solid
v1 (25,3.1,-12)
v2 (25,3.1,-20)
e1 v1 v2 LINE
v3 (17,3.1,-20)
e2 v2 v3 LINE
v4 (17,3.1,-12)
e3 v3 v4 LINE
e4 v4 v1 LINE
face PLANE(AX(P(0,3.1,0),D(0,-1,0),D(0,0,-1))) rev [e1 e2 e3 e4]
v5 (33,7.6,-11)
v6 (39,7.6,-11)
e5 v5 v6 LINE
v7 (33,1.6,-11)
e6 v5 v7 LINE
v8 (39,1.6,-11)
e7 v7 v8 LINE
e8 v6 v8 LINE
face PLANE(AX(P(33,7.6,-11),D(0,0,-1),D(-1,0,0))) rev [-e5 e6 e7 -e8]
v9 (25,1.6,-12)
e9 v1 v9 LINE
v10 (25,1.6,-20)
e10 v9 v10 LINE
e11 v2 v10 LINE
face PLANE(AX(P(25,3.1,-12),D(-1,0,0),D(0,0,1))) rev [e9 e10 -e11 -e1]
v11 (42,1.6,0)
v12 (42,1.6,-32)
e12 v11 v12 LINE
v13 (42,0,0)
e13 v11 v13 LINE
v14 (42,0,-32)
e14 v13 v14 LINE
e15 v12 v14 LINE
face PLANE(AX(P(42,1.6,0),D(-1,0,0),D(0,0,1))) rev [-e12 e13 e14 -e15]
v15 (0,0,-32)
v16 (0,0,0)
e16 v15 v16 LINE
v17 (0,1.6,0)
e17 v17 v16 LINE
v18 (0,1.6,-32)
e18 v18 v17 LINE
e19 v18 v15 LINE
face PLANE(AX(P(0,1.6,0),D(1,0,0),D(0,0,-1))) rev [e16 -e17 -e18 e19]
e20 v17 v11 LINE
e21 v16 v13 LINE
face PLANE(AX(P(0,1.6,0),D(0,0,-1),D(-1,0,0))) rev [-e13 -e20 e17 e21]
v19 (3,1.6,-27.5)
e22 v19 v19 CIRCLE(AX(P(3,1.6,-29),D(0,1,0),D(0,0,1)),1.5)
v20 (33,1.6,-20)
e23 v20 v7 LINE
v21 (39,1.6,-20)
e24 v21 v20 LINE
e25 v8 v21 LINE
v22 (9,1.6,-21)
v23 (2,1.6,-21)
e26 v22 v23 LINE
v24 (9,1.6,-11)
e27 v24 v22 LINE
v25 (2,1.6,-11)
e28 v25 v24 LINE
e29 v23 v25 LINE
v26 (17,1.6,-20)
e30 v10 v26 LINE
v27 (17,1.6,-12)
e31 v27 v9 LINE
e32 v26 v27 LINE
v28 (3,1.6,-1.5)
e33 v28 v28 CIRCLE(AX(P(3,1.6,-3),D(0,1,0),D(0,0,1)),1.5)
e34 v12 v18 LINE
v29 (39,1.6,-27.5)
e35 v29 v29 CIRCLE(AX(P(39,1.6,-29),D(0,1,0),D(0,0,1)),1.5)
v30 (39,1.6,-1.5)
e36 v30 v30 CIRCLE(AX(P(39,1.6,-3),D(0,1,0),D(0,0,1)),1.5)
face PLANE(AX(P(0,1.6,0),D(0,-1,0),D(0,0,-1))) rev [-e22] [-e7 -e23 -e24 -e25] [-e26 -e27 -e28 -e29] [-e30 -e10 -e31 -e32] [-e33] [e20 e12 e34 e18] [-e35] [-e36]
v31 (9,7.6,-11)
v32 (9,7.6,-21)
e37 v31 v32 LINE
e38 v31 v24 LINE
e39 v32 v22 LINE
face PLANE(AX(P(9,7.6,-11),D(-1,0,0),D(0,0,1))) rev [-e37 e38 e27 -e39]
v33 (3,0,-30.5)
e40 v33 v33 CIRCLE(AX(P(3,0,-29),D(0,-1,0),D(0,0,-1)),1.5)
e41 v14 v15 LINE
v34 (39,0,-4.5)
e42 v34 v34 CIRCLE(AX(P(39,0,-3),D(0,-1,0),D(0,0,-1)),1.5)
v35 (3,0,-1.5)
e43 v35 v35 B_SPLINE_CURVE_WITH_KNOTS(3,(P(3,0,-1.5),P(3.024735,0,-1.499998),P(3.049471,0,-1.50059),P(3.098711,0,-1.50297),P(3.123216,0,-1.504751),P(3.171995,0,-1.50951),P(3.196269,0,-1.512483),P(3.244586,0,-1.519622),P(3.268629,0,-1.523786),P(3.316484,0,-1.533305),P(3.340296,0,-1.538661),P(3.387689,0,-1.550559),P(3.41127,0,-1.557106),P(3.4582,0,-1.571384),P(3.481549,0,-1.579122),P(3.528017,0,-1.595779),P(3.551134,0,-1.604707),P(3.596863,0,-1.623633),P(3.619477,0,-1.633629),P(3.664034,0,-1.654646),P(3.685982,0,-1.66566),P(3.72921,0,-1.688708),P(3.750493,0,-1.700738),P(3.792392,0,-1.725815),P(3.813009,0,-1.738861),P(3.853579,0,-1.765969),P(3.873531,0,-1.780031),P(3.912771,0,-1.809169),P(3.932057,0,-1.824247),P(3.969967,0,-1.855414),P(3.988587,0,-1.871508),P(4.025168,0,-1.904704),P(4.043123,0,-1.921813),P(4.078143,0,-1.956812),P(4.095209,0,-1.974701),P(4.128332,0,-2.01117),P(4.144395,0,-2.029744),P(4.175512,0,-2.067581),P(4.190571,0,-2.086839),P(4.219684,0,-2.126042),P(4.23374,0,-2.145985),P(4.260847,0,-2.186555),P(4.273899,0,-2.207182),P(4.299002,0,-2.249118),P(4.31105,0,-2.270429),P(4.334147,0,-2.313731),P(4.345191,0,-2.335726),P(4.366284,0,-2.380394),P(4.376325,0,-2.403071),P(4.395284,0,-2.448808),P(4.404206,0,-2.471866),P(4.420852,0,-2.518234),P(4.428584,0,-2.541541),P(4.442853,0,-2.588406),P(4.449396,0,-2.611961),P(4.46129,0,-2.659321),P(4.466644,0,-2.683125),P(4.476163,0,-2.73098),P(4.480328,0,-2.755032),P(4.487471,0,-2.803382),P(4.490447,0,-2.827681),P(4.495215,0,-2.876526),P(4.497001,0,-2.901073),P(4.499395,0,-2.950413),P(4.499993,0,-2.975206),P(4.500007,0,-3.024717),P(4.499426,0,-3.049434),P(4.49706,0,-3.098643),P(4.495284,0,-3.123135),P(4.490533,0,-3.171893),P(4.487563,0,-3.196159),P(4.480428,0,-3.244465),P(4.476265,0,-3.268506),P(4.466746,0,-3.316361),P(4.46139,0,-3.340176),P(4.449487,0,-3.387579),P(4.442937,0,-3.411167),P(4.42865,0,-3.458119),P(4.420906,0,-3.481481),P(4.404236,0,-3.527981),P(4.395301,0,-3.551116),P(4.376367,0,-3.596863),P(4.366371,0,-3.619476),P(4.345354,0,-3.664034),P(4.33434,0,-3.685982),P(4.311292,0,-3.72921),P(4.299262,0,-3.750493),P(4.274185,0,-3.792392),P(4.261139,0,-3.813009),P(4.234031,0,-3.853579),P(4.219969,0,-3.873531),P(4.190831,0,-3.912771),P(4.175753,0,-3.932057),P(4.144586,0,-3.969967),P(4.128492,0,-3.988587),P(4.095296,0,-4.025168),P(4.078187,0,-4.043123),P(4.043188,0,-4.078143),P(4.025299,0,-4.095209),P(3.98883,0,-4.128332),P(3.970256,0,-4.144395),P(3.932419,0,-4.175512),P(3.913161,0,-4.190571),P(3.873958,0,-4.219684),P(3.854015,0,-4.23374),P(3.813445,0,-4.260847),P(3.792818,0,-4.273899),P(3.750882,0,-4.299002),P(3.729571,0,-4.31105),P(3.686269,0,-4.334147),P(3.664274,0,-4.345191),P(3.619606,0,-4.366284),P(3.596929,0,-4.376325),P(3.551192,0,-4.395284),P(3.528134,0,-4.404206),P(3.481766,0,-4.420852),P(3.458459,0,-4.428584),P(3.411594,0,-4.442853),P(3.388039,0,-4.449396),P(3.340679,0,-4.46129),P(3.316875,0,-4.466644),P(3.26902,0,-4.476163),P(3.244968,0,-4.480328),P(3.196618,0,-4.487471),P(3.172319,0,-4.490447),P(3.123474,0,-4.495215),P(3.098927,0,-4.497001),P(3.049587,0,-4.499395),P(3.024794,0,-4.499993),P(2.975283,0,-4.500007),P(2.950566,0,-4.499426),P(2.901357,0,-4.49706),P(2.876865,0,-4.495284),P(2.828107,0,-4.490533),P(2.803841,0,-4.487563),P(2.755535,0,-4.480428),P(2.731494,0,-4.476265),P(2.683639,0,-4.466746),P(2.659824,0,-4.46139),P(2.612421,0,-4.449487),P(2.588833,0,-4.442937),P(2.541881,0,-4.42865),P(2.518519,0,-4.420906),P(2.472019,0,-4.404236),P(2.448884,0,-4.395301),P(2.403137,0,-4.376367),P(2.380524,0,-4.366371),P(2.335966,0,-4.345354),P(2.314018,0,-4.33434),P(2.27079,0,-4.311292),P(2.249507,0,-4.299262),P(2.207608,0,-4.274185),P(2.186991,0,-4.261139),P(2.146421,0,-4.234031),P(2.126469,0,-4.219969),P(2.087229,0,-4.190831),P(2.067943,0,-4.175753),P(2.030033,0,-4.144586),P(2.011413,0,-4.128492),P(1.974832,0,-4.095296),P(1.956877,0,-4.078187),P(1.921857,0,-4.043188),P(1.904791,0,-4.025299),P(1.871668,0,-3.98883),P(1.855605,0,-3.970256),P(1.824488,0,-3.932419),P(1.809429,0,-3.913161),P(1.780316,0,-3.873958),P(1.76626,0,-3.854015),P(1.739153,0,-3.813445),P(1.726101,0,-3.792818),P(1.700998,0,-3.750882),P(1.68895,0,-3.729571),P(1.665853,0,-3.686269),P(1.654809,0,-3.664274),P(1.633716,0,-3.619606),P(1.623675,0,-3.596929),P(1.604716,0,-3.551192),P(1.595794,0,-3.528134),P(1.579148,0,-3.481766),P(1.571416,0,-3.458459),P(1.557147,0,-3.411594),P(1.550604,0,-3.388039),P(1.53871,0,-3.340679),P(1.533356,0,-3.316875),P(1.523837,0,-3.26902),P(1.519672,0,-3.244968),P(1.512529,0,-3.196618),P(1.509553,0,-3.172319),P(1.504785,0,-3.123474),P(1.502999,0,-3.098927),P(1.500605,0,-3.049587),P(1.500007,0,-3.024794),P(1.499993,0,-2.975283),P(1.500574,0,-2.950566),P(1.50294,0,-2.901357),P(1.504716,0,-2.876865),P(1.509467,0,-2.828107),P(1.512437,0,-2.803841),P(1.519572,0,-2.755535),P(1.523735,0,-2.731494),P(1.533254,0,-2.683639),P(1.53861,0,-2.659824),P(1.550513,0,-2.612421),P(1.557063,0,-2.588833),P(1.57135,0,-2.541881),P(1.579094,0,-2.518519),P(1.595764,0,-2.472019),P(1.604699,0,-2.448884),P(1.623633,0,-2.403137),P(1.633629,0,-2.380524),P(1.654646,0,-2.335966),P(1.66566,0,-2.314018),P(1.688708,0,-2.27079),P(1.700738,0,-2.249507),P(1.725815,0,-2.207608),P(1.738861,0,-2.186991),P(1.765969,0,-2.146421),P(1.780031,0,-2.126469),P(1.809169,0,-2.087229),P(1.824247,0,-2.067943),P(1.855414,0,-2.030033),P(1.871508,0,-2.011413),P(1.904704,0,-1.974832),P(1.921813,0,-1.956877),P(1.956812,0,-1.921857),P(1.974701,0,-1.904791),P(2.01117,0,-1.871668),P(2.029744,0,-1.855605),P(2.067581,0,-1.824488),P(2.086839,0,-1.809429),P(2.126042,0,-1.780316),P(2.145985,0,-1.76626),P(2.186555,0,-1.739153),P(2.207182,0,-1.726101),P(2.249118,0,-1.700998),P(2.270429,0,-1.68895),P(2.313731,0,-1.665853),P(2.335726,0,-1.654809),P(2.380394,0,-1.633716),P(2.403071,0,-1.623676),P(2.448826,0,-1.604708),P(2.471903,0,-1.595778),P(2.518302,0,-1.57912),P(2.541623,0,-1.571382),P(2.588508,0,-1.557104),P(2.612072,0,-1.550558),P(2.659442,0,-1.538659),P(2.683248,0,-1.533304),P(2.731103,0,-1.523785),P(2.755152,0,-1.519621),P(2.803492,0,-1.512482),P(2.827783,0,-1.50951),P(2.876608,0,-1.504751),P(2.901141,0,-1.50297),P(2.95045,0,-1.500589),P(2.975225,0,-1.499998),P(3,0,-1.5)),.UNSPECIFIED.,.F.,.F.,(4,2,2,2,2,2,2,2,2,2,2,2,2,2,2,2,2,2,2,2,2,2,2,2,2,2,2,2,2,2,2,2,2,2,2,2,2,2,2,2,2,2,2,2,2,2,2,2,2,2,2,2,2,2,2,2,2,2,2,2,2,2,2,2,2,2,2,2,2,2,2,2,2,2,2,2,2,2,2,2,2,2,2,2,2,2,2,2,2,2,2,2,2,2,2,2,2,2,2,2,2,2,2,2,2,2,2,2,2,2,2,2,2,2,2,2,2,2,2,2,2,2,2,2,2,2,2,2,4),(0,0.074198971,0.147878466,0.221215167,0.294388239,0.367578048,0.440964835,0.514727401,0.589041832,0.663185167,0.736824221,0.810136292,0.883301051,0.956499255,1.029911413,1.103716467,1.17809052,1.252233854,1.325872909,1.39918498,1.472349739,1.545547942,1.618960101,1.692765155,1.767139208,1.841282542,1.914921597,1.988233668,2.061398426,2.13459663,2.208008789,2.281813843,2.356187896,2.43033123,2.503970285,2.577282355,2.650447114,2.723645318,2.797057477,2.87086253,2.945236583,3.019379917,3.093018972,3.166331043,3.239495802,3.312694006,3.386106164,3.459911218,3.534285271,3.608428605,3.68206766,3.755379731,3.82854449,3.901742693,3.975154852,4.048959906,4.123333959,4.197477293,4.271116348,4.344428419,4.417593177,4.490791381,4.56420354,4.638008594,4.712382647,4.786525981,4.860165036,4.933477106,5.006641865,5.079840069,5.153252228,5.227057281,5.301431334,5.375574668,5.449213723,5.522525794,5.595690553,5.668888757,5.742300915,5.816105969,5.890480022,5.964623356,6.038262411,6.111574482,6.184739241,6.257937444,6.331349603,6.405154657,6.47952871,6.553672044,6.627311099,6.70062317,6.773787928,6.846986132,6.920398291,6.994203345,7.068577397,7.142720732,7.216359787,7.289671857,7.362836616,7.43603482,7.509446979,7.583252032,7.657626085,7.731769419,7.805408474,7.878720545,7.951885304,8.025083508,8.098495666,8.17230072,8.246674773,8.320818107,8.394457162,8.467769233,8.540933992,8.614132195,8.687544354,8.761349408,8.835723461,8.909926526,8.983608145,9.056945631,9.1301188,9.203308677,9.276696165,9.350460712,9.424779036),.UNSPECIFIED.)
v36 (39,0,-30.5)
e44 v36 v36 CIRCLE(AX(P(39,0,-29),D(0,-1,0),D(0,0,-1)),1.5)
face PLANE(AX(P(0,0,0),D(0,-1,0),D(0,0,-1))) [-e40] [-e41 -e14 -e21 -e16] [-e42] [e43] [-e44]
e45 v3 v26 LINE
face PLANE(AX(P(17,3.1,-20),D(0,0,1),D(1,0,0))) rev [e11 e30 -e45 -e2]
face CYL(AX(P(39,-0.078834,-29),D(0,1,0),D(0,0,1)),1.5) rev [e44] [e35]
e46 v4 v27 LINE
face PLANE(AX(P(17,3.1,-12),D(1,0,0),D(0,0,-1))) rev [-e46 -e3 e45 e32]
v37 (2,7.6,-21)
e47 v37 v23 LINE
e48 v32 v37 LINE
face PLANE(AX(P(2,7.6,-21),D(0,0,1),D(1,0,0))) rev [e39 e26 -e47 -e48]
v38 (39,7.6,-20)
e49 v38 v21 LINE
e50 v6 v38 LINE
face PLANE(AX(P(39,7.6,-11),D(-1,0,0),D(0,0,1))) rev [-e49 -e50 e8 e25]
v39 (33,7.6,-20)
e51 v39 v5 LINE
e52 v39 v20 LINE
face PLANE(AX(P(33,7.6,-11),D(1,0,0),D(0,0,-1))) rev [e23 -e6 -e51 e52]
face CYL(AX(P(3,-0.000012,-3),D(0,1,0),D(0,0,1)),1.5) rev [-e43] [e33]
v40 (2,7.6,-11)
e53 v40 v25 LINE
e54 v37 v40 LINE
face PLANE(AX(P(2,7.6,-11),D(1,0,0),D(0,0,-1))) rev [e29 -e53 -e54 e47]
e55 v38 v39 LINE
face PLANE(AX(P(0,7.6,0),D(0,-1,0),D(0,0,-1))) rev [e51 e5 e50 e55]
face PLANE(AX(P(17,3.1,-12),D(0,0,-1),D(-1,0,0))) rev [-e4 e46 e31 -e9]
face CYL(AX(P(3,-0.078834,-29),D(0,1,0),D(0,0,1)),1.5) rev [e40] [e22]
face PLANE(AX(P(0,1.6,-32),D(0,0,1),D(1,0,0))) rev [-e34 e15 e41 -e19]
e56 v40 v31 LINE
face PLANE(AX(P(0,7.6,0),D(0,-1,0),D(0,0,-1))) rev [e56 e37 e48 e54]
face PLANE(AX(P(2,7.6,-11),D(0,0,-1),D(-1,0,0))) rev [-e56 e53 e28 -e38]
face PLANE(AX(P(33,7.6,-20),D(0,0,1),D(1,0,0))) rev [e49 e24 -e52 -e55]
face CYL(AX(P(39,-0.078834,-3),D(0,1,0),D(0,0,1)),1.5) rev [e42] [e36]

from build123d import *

# Parameters (mm, degrees)
SKETCH1_W                 = 42
SKETCH1_H                 = 32
PCB_DEPTH                 = 1.6
MOUNT_HOLE_1_DEPTH        = 53.825751296
MOUNT_HOLE_1_DEPTH_BACK   = 53.825751296
SKETCH2_R                 = 1.5
MOUNT_HOLE_2_DEPTH        = 53.825751296
MOUNT_HOLE_2_DEPTH_BACK   = 53.825751296
SKETCH3_R                 = 1.5
MOUNT_HOLE_3_DEPTH        = 53.825751296
MOUNT_HOLE_3_DEPTH_BACK   = 53.825751296
SKETCH4_R                 = 1.5
MOUNT_HOLE_4_DEPTH        = 53.825751296
MOUNT_HOLE_4_DEPTH_BACK   = 53.825751296
SKETCH5_R                 = 1.5
PROBE_CONNECTOR_XH_START  = 1.6
SKETCH6_W                 = 7
SKETCH6_H                 = 10
PROBE_CONNECTOR_XH_DEPTH  = 6
SIGNAL_CONNECTOR_PH_START = 1.6
SKETCH7_W                 = 6
SKETCH7_H                 = 9
SIGNAL_CONNECTOR_PH_DEPTH = 6
SIGNAL_IC_START           = 1.6
SKETCH8_W                 = 8
SKETCH8_H                 = 8
SIGNAL_IC_DEPTH           = 1.5


with BuildPart() as part:
    # Sketch1 → PCB (new body)
    with BuildSketch(Plane(origin=(0, 0, 0), x_dir=(1, 0, 0), z_dir=(0, 1, 0))):
        with Locations((21, 16)):
            Rectangle(SKETCH1_W, SKETCH1_H)
    extrude(amount=PCB_DEPTH)

    # Sketch2 → Mount_hole_1 (cut, two sides: drawn at the far end of the back side and taken through both)
    with BuildSketch(Plane(origin=(0, 0, 0), x_dir=(1, 0, 0), z_dir=(0, 1, 0)).offset(-MOUNT_HOLE_1_DEPTH_BACK)):
        with Locations(Location((3, 3, 0), (0, 0, 270))):
            Circle(SKETCH2_R)
    extrude(amount=MOUNT_HOLE_1_DEPTH + MOUNT_HOLE_1_DEPTH_BACK, mode=Mode.SUBTRACT)

    # Sketch3 → Mount_hole_2 (cut, two sides: drawn at the far end of the back side and taken through both)
    with BuildSketch(Plane(origin=(0, 0, 0), x_dir=(1, 0, 0), z_dir=(0, 1, 0)).offset(-MOUNT_HOLE_2_DEPTH_BACK)):
        with Locations(Location((39, 3, 0), (0, 0, 270))):
            Circle(SKETCH3_R)
    extrude(amount=MOUNT_HOLE_2_DEPTH + MOUNT_HOLE_2_DEPTH_BACK, mode=Mode.SUBTRACT)

    # Sketch4 → Mount_hole_3 (cut, two sides: drawn at the far end of the back side and taken through both)
    with BuildSketch(Plane(origin=(0, 0, 0), x_dir=(1, 0, 0), z_dir=(0, 1, 0)).offset(-MOUNT_HOLE_3_DEPTH_BACK)):
        with Locations(Location((3, 29, 0), (0, 0, 270))):
            Circle(SKETCH4_R)
    extrude(amount=MOUNT_HOLE_3_DEPTH + MOUNT_HOLE_3_DEPTH_BACK, mode=Mode.SUBTRACT)

    # Sketch5 → Mount_hole_4 (cut, two sides: drawn at the far end of the back side and taken through both)
    with BuildSketch(Plane(origin=(0, 0, 0), x_dir=(1, 0, 0), z_dir=(0, 1, 0)).offset(-MOUNT_HOLE_4_DEPTH_BACK)):
        with Locations(Location((39, 29, 0), (0, 0, 270))):
            Circle(SKETCH5_R)
    extrude(amount=MOUNT_HOLE_4_DEPTH + MOUNT_HOLE_4_DEPTH_BACK, mode=Mode.SUBTRACT)

    # Sketch6 → Probe_connector_XH (add)
    with BuildSketch(Plane(origin=(0, 0, 0), x_dir=(1, 0, 0), z_dir=(0, 1, 0)).offset(PROBE_CONNECTOR_XH_START)):
        with Locations((5.5, 16)):
            Rectangle(SKETCH6_W, SKETCH6_H)
    extrude(amount=PROBE_CONNECTOR_XH_DEPTH)

    # Sketch7 → Signal_connector_PH (add)
    with BuildSketch(Plane(origin=(0, 0, 0), x_dir=(1, 0, 0), z_dir=(0, 1, 0)).offset(SIGNAL_CONNECTOR_PH_START)):
        with Locations((36, 15.5)):
            Rectangle(SKETCH7_W, SKETCH7_H)
    extrude(amount=SIGNAL_CONNECTOR_PH_DEPTH)

    # Sketch8 → Signal_IC (add)
    with BuildSketch(Plane(origin=(0, 0, 0), x_dir=(1, 0, 0), z_dir=(0, 1, 0)).offset(SIGNAL_IC_START)):
        with Locations((21, 16)):
            Rectangle(SKETCH8_W, SKETCH8_H)
    extrude(amount=SIGNAL_IC_DEPTH)


solid = part.part
